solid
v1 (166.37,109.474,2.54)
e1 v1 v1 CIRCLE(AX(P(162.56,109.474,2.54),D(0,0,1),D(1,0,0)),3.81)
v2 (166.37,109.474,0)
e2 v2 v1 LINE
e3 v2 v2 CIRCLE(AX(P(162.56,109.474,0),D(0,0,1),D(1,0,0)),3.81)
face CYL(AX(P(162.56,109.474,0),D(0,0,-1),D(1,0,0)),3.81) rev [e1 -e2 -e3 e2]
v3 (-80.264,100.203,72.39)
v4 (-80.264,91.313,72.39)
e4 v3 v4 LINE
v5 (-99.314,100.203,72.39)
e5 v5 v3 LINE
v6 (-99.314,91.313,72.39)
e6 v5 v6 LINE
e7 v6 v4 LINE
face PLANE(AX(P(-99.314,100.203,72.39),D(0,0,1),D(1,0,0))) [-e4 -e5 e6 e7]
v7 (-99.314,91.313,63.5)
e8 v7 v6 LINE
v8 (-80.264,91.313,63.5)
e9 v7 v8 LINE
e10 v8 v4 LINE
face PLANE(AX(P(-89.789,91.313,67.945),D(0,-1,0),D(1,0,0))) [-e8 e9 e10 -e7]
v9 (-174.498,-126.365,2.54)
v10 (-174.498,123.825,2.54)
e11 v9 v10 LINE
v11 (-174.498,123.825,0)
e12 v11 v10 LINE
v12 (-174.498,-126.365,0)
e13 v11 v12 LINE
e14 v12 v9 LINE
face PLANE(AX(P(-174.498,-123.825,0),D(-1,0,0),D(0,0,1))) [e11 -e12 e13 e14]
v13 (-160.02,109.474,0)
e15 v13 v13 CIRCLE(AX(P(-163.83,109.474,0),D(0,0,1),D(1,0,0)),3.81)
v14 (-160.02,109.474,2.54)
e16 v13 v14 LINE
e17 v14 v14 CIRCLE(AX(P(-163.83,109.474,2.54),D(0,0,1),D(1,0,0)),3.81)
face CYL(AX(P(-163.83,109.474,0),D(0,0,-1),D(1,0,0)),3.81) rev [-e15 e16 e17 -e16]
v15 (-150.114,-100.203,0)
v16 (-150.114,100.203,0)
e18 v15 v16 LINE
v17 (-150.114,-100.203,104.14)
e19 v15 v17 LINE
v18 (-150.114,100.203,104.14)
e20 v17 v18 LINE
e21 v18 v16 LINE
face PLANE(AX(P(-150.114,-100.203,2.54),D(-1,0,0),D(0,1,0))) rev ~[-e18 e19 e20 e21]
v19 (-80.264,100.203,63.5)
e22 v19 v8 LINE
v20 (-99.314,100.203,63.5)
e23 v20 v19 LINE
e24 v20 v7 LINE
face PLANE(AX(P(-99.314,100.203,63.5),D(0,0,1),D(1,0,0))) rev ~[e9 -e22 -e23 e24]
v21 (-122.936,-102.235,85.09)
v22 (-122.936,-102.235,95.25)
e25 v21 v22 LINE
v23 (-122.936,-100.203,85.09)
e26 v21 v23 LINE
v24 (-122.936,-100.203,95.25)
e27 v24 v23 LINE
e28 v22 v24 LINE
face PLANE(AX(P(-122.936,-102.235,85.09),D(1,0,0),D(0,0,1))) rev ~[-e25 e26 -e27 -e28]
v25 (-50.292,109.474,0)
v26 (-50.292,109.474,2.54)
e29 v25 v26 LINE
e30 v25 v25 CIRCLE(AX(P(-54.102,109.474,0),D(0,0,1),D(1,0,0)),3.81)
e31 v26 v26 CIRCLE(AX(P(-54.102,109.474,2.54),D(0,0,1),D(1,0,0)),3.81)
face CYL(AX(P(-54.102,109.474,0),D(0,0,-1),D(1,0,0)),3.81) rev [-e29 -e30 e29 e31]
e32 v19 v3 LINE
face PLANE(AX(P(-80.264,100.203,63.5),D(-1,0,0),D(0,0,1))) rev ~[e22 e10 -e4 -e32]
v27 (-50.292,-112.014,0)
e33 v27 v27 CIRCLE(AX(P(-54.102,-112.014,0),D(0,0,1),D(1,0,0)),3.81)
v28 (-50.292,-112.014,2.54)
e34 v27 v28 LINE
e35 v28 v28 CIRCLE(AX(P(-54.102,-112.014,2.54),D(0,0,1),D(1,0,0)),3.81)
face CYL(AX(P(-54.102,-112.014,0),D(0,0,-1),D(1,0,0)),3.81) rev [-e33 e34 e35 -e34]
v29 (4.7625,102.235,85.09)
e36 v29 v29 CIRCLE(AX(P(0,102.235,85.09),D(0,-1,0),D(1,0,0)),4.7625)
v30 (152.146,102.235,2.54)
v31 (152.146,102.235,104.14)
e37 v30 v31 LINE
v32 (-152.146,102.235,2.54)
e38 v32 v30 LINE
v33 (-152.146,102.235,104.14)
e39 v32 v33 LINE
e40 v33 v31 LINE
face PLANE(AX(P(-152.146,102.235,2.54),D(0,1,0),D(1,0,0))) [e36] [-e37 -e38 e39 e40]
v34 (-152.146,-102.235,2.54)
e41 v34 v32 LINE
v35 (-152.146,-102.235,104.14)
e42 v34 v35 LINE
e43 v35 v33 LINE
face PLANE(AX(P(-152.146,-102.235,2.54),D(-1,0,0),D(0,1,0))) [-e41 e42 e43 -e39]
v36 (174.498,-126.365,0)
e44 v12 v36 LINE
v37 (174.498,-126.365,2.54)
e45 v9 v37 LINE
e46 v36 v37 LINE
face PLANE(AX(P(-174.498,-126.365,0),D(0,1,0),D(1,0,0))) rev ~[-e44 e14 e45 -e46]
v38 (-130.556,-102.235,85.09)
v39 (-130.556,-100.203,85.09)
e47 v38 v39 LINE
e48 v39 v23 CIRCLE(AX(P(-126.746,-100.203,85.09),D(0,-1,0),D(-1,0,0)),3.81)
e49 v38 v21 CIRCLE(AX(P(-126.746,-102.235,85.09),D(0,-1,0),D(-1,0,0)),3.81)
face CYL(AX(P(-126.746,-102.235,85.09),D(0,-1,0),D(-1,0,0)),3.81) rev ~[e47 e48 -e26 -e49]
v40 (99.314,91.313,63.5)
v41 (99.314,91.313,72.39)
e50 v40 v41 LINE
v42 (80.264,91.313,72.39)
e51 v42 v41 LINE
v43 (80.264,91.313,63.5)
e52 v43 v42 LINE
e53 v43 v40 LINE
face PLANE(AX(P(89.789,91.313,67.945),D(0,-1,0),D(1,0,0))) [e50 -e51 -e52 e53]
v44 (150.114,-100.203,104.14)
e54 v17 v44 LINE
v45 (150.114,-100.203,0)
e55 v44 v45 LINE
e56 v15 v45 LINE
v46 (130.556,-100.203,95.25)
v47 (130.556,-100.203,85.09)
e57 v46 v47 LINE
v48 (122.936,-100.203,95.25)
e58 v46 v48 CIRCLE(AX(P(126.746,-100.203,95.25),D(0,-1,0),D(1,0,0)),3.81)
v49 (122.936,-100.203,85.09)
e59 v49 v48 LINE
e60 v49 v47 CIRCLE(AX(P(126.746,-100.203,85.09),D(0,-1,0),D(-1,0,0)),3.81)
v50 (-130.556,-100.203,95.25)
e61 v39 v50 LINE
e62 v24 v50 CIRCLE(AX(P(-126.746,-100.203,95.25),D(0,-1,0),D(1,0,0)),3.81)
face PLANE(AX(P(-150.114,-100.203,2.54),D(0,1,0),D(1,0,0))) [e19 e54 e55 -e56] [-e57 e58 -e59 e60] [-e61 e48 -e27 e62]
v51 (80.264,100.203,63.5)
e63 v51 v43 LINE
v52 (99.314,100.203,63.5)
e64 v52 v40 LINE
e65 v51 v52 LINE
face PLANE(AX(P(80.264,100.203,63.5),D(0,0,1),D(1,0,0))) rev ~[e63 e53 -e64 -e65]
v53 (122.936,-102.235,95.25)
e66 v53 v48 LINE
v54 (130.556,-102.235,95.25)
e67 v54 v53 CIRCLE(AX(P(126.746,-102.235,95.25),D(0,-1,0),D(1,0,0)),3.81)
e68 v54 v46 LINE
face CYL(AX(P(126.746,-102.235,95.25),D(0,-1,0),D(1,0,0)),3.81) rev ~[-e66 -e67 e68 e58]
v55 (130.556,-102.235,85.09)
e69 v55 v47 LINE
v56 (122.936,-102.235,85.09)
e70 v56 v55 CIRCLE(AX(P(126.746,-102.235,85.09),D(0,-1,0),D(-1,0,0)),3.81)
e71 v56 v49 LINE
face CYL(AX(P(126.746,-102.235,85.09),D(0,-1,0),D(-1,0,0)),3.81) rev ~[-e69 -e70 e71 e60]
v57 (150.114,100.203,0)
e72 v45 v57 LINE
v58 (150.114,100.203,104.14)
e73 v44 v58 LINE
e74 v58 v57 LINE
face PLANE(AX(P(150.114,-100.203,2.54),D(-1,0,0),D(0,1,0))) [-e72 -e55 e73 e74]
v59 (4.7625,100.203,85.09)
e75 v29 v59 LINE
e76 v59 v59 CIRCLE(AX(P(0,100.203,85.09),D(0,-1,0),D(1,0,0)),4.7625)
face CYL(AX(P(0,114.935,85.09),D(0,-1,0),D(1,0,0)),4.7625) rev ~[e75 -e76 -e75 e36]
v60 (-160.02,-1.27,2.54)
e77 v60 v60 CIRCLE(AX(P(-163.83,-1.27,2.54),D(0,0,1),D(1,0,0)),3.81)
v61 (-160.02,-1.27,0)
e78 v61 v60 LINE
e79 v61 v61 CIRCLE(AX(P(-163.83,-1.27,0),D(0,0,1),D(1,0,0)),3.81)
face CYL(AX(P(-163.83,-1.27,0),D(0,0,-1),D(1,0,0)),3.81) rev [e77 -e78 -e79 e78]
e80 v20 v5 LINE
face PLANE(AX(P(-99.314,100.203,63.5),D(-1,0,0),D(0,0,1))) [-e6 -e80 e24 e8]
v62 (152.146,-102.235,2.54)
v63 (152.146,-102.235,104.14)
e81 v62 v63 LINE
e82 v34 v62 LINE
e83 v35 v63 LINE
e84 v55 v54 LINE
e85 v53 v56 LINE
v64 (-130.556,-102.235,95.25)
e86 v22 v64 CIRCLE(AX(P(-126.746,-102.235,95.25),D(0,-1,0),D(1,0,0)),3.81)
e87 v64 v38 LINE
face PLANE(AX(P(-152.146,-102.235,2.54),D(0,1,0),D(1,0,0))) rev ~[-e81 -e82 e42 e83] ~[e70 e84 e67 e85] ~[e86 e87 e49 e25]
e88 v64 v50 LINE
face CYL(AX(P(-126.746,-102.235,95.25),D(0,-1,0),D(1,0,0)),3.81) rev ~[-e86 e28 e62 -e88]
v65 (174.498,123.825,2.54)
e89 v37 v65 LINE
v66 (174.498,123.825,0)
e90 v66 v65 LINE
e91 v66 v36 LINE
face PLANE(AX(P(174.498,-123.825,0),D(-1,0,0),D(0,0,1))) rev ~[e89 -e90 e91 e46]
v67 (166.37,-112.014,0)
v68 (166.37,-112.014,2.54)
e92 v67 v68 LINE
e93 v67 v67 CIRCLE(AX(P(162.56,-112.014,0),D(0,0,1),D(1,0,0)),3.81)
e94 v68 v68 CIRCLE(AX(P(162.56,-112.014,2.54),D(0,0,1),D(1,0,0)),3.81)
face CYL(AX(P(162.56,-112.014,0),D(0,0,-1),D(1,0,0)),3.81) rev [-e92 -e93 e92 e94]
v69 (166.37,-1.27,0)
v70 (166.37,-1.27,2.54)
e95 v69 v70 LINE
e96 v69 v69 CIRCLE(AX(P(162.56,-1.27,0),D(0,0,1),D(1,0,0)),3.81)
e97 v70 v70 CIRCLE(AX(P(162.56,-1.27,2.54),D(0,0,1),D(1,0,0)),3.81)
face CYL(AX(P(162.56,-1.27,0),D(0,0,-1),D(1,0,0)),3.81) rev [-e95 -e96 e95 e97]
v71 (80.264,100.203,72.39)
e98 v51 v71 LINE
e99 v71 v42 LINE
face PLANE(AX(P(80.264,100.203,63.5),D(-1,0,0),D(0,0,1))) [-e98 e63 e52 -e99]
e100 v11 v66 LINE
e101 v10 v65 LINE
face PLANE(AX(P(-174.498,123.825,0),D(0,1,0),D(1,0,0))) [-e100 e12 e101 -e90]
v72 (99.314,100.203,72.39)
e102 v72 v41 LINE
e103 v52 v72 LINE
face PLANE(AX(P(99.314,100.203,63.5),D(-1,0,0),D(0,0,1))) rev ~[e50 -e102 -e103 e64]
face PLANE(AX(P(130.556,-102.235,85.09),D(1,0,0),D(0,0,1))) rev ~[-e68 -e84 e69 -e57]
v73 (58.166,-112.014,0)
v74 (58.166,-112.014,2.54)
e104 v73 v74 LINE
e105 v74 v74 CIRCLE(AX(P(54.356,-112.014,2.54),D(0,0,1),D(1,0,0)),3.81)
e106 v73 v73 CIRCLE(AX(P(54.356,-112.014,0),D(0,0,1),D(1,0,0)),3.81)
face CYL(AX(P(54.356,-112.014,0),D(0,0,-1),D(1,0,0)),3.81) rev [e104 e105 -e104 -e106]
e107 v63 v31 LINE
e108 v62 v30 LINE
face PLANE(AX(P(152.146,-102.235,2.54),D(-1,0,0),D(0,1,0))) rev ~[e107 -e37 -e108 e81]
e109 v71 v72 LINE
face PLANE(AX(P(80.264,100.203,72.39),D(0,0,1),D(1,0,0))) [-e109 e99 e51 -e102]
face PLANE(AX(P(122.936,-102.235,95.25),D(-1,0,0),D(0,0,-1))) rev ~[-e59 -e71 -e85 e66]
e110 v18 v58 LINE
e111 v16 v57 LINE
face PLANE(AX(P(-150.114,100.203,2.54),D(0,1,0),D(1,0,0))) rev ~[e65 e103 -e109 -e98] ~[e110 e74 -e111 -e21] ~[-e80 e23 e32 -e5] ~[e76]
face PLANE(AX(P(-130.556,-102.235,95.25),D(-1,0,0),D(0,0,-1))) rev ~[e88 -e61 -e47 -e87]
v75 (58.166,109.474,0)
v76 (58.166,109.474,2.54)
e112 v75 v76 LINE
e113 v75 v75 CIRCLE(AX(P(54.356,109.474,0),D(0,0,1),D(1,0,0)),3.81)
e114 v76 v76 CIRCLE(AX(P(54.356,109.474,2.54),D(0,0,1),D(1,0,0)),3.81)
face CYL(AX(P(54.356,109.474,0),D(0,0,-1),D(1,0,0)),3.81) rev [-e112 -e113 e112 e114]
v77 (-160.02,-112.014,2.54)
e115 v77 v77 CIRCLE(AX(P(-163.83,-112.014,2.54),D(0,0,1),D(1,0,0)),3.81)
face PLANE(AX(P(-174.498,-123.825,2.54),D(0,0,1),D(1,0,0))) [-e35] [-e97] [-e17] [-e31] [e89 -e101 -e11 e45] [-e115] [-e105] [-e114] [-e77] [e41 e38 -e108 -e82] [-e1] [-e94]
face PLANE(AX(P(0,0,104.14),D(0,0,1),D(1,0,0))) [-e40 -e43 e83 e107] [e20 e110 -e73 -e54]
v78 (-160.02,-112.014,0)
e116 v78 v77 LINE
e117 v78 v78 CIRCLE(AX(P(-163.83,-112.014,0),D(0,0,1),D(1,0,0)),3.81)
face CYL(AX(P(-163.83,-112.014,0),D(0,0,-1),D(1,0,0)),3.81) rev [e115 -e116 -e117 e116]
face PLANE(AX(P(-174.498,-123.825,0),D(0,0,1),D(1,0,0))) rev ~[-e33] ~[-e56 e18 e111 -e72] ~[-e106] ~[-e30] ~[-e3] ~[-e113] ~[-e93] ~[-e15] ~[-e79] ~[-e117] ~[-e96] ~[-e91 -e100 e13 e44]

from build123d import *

# Parameters (mm, degrees)
F0_W      = 348.996
F0_H      = 247.65
F0_R      = 3.81
F0_W_2    = 300.228
F0_H_2    = 200.406
F1_DEPTH  = 2.54
F2_W      = 304.292
F2_H      = 204.47
F2_W_2    = 300.228
F2_H_2    = 200.406
F3_DEPTH  = 101.6
F5_DEPTH  = 25.4
F6_W      = 19.05
F6_H      = 8.89
F7_DEPTH  = 8.89
F8_DEPTH  = 2.54
F10_D     = 9.525
F10_DEPTH = 12.7
F10_TIP   = 2.8615986981


with BuildPart() as f1:
    # F0 (on Top) → F1 (new body)
    with BuildSketch(Plane.XY):
        Rectangle(F0_W, F0_H)
        with Locations((-163.83, -112.014)):
            Circle(F0_R, mode=Mode.SUBTRACT)
        with Locations((-54.102, -112.014)):
            Circle(F0_R, mode=Mode.SUBTRACT)
        with Locations((-163.83, -1.27)):
            Circle(F0_R, mode=Mode.SUBTRACT)
        with Locations((54.356, -112.014)):
            Circle(F0_R, mode=Mode.SUBTRACT)
        with Locations((162.56, -112.014)):
            Circle(F0_R, mode=Mode.SUBTRACT)
        with Locations((162.56, -1.27)):
            Circle(F0_R, mode=Mode.SUBTRACT)
        with Locations((-163.83, 109.474)):
            Circle(F0_R, mode=Mode.SUBTRACT)
        with Locations((-54.102, 109.474)):
            Circle(F0_R, mode=Mode.SUBTRACT)
        Rectangle(F0_W_2, F0_H_2, mode=Mode.SUBTRACT)
        with Locations((54.356, 109.474)):
            Circle(F0_R, mode=Mode.SUBTRACT)
        with Locations((162.56, 109.474)):
            Circle(F0_R, mode=Mode.SUBTRACT)
    extrude(amount=F1_DEPTH)

    # F2 (on face) → F3 (join)
    with BuildSketch(Plane.XY.offset(2.54)):
        Rectangle(F2_W, F2_H)
        Rectangle(F2_W_2, F2_H_2, mode=Mode.SUBTRACT)
    extrude(amount=F3_DEPTH)

    # F4 (on face) → F5 (cut)
    with BuildSketch(Plane.XZ.offset(102.235)):
        with BuildLine():
            Line((122.936, 95.25), (122.936, 85.09))
            ThreePointArc((122.936, 85.09), (126.746, 81.28), (130.556, 85.09))
            Line((130.556, 85.09), (130.556, 95.25))
            ThreePointArc((130.556, 95.25), (126.746, 99.06), (122.936, 95.25))
        make_face()
        with BuildLine():
            Line((-130.556, 95.25), (-130.556, 85.09))
            ThreePointArc((-130.556, 85.09), (-126.746, 81.28), (-122.936, 85.09))
            Line((-122.936, 85.09), (-122.936, 95.25))
            ThreePointArc((-122.936, 95.25), (-126.746, 99.06), (-130.556, 95.25))
        make_face()
    extrude(amount=-F5_DEPTH, mode=Mode.SUBTRACT)

    # F6 (on face) → F7 (join)
    with BuildSketch(Plane.XZ.offset(-100.203)):
        with Locations((-89.789, 67.945)):
            Rectangle(F6_W, F6_H)
        with Locations((89.789, 67.945)):
            Rectangle(F6_W, F6_H)
    extrude(amount=F7_DEPTH)

    # F8 (add): a face of the model
    f8_faces = [f1.faces().sort_by_distance(p)[0] for p in [
        (0, -123.825, 1.27),
    ]]
    extrude(f8_faces, amount=F8_DEPTH)

    # F10
    with Locations(Plane(origin=(0, 102.235, 0), x_dir=(-1, 0, 0), z_dir=(0, 1, 0))):
        with Locations((0, 85.09)):
            Hole(F10_D / 2, depth=F10_DEPTH)
            with Locations((0, 0, -(F10_DEPTH + F10_TIP / 2))):  # 118° drill point
                Cone(0, F10_D / 2, F10_TIP, mode=Mode.SUBTRACT)


solid = f1.part
